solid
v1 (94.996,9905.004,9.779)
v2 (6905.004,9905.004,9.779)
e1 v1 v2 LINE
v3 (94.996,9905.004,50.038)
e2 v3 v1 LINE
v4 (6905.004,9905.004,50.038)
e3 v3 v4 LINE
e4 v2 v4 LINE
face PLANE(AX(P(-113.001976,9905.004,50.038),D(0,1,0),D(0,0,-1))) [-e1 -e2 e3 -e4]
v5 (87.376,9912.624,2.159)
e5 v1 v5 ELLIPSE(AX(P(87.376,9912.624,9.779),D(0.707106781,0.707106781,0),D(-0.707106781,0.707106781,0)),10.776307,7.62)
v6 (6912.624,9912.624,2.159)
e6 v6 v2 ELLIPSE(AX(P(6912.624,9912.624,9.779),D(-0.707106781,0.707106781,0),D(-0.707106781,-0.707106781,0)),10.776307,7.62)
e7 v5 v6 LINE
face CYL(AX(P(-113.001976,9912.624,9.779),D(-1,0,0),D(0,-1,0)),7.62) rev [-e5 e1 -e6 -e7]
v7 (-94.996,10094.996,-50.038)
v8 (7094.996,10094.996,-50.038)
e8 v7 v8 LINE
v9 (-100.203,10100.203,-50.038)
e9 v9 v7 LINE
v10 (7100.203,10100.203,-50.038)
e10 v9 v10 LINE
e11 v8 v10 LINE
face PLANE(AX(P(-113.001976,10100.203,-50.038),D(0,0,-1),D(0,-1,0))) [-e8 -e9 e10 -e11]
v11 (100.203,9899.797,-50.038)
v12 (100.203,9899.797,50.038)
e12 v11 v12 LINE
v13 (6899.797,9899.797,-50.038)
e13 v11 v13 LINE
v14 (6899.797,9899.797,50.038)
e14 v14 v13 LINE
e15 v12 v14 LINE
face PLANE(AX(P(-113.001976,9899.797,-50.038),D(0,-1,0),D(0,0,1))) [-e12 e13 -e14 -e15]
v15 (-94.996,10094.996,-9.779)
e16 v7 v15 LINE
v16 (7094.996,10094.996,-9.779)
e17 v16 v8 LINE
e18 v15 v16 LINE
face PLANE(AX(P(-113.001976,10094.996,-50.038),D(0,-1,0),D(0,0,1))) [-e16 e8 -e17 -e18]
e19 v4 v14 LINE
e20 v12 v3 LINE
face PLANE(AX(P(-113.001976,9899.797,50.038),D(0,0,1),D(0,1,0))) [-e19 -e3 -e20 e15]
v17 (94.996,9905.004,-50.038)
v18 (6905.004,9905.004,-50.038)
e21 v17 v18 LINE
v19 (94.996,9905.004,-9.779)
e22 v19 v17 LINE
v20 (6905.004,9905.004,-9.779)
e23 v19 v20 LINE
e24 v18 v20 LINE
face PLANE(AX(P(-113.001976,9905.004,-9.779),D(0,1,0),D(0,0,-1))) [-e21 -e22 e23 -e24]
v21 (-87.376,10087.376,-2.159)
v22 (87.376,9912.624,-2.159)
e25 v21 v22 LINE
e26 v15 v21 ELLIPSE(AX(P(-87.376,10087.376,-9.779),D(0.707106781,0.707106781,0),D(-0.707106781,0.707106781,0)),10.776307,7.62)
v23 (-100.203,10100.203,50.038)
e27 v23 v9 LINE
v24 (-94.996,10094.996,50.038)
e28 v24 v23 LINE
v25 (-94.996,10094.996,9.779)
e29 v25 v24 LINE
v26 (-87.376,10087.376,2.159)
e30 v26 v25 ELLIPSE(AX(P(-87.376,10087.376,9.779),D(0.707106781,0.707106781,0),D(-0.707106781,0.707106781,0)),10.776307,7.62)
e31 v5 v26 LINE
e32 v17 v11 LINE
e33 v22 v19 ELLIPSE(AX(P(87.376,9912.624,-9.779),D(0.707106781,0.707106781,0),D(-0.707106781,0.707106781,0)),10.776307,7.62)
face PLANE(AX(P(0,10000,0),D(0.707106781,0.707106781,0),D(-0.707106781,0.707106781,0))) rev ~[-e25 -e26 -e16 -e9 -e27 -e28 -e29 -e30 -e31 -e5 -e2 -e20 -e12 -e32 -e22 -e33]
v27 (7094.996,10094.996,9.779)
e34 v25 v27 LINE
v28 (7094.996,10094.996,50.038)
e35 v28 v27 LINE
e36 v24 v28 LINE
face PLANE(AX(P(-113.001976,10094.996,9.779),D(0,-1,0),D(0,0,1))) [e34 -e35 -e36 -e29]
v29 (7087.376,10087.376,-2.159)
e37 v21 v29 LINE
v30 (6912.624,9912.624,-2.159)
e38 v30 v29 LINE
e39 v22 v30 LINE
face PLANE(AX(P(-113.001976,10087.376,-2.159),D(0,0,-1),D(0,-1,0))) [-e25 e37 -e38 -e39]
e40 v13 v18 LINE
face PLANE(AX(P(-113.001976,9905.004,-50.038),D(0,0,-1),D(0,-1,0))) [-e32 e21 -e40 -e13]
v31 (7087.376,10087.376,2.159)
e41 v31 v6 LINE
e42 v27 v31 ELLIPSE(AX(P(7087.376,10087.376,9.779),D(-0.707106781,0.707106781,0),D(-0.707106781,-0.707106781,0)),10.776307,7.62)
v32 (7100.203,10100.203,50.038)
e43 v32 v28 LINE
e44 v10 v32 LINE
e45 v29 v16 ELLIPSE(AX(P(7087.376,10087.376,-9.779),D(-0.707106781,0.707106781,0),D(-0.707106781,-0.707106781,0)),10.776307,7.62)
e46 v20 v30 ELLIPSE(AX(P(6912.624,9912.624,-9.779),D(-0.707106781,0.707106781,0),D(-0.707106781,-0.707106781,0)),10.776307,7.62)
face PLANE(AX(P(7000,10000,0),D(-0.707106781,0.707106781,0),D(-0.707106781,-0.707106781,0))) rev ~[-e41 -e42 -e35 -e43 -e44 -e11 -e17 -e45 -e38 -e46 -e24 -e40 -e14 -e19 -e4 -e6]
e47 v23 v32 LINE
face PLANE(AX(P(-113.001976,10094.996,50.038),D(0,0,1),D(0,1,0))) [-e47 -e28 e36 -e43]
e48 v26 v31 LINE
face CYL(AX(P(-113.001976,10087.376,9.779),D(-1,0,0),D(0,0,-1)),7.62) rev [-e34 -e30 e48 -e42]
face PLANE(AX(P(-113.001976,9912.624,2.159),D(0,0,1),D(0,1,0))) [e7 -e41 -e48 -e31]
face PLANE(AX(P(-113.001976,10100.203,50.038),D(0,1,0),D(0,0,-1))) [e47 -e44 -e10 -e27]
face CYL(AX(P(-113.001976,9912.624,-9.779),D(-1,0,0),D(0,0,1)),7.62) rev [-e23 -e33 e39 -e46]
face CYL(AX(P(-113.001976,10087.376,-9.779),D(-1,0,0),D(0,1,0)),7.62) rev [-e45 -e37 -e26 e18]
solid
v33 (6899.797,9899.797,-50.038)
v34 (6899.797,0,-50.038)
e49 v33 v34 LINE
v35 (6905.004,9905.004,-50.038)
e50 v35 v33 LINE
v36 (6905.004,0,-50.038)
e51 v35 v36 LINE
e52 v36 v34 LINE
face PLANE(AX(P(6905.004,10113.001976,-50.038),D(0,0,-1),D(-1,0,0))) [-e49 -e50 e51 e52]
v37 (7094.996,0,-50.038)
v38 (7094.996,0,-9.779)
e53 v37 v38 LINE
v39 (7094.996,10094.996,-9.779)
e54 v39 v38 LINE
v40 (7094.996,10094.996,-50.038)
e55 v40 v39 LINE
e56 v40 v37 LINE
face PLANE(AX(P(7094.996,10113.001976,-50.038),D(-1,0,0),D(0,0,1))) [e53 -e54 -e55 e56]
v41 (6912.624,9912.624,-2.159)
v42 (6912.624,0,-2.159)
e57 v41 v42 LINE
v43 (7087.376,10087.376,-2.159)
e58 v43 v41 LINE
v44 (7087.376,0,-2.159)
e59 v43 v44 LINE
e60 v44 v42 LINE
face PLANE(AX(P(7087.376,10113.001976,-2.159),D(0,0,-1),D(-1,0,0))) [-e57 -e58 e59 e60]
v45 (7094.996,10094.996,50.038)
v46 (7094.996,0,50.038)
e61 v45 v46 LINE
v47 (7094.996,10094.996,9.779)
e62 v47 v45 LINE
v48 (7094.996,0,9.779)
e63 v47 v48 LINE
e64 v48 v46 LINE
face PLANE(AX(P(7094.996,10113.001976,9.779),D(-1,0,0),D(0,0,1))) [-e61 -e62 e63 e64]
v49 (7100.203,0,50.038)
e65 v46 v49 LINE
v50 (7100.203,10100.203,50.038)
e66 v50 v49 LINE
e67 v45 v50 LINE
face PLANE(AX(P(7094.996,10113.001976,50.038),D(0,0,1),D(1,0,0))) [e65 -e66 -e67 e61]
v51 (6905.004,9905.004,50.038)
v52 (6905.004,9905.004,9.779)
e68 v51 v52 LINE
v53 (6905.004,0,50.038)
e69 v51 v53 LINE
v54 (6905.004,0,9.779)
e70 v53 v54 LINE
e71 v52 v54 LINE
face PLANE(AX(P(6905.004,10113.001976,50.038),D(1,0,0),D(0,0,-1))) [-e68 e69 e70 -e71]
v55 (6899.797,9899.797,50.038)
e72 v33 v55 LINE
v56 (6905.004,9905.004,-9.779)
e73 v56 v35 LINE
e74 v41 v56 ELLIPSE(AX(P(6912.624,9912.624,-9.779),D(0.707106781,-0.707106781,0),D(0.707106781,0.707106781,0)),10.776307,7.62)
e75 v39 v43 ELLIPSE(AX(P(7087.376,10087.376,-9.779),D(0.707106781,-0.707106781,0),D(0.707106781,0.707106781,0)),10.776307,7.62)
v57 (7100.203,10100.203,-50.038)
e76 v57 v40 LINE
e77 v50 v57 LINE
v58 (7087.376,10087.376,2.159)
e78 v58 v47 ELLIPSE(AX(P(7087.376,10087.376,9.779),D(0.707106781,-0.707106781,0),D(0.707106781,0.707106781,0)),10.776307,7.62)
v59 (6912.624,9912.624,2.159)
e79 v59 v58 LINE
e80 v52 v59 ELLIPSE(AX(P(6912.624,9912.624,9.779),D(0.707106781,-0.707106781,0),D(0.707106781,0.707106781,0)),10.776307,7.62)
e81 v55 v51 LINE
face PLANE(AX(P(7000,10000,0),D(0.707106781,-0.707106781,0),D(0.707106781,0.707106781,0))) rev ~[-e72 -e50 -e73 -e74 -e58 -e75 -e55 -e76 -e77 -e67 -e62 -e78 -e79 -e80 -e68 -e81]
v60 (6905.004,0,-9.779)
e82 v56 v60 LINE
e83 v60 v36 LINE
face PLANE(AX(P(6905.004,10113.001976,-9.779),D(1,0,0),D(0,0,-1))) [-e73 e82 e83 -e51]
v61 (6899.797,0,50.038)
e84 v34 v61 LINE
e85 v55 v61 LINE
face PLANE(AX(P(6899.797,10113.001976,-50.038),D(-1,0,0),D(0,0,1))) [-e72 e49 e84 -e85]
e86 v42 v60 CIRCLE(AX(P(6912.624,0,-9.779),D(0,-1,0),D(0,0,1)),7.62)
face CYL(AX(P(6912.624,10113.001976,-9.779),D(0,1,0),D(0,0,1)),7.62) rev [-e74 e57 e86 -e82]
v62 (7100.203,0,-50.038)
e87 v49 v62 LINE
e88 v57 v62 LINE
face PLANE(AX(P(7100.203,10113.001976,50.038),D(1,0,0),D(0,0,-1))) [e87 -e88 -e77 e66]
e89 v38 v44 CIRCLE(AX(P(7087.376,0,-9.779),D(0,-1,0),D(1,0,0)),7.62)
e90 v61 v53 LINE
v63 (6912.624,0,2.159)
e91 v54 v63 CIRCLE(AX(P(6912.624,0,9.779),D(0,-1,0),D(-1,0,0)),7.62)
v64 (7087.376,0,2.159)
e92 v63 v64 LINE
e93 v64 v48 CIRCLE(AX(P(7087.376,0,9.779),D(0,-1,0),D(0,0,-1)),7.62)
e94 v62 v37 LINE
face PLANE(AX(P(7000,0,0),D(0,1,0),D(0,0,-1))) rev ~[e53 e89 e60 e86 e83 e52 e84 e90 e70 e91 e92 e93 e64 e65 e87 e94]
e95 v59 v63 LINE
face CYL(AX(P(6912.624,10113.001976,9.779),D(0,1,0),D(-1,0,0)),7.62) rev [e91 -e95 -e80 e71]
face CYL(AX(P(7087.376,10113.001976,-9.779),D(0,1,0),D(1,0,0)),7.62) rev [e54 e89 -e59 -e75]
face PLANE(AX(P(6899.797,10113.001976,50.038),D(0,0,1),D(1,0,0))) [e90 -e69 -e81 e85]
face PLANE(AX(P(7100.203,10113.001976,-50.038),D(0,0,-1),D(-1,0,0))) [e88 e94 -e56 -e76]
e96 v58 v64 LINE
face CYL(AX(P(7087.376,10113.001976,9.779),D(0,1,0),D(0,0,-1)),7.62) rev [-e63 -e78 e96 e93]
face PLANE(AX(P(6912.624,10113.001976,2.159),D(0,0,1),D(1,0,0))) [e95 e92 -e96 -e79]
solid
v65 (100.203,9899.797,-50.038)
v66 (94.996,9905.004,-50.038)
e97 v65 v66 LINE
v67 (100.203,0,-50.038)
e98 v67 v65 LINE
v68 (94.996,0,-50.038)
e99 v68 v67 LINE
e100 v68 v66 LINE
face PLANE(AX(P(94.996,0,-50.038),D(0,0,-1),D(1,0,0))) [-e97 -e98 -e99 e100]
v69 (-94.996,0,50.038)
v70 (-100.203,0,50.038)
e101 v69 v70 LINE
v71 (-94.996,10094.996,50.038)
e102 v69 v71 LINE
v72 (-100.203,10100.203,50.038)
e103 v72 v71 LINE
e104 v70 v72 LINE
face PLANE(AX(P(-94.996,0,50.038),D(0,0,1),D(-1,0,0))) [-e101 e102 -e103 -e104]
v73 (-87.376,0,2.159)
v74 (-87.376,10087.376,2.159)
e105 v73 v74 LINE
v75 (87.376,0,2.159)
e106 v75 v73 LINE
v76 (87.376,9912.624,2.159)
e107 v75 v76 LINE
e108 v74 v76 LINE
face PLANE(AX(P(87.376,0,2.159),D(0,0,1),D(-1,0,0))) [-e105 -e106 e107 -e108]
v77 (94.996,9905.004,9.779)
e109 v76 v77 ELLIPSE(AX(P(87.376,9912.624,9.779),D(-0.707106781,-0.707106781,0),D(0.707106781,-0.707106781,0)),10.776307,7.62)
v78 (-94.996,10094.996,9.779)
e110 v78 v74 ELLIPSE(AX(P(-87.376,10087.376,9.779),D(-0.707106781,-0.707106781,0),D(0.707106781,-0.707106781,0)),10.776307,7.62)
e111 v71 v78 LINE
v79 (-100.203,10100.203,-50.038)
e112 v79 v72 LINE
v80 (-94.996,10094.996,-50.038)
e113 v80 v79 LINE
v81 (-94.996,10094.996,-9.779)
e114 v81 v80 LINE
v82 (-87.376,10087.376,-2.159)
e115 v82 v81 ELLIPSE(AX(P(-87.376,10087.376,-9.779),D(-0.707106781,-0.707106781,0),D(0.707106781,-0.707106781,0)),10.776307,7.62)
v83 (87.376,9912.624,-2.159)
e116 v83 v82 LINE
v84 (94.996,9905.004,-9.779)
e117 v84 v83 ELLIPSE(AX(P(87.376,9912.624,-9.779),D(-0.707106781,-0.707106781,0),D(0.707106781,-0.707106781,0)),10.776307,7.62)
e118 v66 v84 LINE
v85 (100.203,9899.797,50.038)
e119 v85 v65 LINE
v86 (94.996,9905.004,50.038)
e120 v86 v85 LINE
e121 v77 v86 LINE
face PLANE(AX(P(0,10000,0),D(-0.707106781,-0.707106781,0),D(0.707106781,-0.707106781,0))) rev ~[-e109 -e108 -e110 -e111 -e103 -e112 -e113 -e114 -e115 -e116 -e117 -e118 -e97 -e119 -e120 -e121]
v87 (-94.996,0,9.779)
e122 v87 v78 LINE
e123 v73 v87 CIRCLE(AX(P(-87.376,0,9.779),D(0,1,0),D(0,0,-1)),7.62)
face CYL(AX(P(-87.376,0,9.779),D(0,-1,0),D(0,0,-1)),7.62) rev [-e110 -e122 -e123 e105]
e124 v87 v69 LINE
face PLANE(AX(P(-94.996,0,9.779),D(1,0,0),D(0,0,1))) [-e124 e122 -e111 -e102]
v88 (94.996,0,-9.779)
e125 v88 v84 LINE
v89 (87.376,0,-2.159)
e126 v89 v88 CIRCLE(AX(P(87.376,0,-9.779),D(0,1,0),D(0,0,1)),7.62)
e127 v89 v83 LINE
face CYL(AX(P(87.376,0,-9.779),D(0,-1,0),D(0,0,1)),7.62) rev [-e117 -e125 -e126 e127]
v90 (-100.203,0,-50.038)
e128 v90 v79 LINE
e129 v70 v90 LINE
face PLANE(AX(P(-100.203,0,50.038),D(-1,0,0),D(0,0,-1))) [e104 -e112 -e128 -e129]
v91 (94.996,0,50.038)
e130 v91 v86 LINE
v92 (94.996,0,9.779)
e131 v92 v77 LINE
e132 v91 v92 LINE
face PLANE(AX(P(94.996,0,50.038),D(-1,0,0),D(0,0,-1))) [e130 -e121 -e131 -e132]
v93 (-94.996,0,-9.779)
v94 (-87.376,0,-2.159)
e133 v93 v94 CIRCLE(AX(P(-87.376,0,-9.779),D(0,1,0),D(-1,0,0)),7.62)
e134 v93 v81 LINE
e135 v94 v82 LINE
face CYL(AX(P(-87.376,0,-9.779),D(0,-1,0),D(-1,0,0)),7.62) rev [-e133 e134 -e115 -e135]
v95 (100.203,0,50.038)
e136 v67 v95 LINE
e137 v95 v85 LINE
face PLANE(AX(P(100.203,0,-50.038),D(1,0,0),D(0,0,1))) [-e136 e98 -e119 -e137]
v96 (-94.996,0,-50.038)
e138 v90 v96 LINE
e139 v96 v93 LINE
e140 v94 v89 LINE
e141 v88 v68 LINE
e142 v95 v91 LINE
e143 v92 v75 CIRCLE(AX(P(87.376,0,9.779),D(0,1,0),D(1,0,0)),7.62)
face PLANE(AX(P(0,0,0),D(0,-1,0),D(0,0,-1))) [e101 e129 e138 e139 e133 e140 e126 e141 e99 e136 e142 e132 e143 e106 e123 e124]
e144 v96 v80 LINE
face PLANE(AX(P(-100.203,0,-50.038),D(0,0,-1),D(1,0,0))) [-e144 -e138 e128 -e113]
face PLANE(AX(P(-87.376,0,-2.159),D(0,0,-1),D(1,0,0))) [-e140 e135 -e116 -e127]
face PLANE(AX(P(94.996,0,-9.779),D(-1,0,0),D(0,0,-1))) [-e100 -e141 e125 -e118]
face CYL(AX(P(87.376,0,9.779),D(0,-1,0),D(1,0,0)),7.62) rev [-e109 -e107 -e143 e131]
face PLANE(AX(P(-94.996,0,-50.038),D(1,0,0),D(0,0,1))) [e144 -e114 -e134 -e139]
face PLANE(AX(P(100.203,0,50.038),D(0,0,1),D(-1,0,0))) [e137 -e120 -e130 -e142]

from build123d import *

# Parameters (mm, degrees)
W_SECTION_W8X10_1_DEPTH   = 10113.001976112
W_SECTION_W8X10_1_2_DEPTH = 7226.003952224
W_SECTION_W8X10_1_3_DEPTH = 10113.001976113


with BuildPart() as part:
    # Sketch11 → W section W8X10(1) (new body)
    with BuildSketch(Plane.ZX):
        with BuildLine():
            Line((-50.038, -100.203), (-50.038, -94.996))
            Line((-50.038, -94.996), (-9.779, -94.996))
            ThreePointArc((-9.779, -94.996), (-4.390846327, -92.764153673), (-2.159, -87.376))
            Line((-2.159, -87.376), (-2.159, 87.376))
            ThreePointArc((-2.159, 87.376), (-4.390846327, 92.764153673), (-9.779, 94.996))
            Line((-9.779, 94.996), (-50.038, 94.996))
            Line((-50.038, 94.996), (-50.038, 100.203))
            Line((-50.038, 100.203), (50.038, 100.203))
            Line((50.038, 100.203), (50.038, 94.996))
            Line((50.038, 94.996), (9.779, 94.996))
            ThreePointArc((9.779, 94.996), (4.390846327, 92.764153673), (2.159, 87.376))
            Line((2.159, 87.376), (2.159, -87.376))
            ThreePointArc((2.159, -87.376), (4.390846327, -92.764153673), (9.779, -94.996))
            Line((9.779, -94.996), (50.038, -94.996))
            Line((50.038, -94.996), (50.038, -100.203))
            Line((50.038, -100.203), (-50.038, -100.203))
        make_face()
    extrude(amount=W_SECTION_W8X10_1_DEPTH)

    # W section W8X10(1) mitre 1
    split(bisect_by=Plane(origin=(0, 10000, 0), x_dir=(0.707106781, -0.707106781, 0), z_dir=(-0.707106781, -0.707106781, 0)), keep=Keep.TOP)


with BuildPart() as body_2:
    # Sketch11 on segment 2 (carried to segment 2) → W section W8X10_1 2 (new body)
    with BuildSketch(Plane(origin=(-113.001976112, 10000, 0), x_dir=(0, 0, 1), z_dir=(1, 0, 0))):
        with BuildLine():
            Line((-50.038, -100.203), (-50.038, -94.996))
            Line((-50.038, -94.996), (-9.779, -94.996))
            ThreePointArc((-9.779, -94.996), (-4.390846327, -92.764153673), (-2.159, -87.376))
            Line((-2.159, -87.376), (-2.159, 87.376))
            ThreePointArc((-2.159, 87.376), (-4.390846327, 92.764153673), (-9.779, 94.996))
            Line((-9.779, 94.996), (-50.038, 94.996))
            Line((-50.038, 94.996), (-50.038, 100.203))
            Line((-50.038, 100.203), (50.038, 100.203))
            Line((50.038, 100.203), (50.038, 94.996))
            Line((50.038, 94.996), (9.779, 94.996))
            ThreePointArc((9.779, 94.996), (4.390846327, 92.764153673), (2.159, 87.376))
            Line((2.159, 87.376), (2.159, -87.376))
            ThreePointArc((2.159, -87.376), (4.390846327, -92.764153673), (9.779, -94.996))
            Line((9.779, -94.996), (50.038, -94.996))
            Line((50.038, -94.996), (50.038, -100.203))
            Line((50.038, -100.203), (-50.038, -100.203))
        make_face()
    extrude(amount=W_SECTION_W8X10_1_2_DEPTH)

    # W section W8X10_1 2 mitre 1
    split(bisect_by=Plane(origin=(0, 10000, 0), x_dir=(-0.707106781, 0.707106781, 0), z_dir=(0.707106781, 0.707106781, 0)), keep=Keep.TOP)

    # W section W8X10_1 2 mitre 2
    split(bisect_by=Plane(origin=(7000, 10000, 0), x_dir=(-0.707106781, -0.707106781, 0), z_dir=(-0.707106781, 0.707106781, 0)), keep=Keep.TOP)


with BuildPart() as body_3:
    # Sketch11 on segment 3 (carried to segment 3) → W section W8X10_1 3 (new body)
    with BuildSketch(Plane(origin=(7000, 10113.001976112, 0), x_dir=(0, 0, 1), z_dir=(0, -1, 0))):
        with BuildLine():
            Line((-50.038, -100.203), (-50.038, -94.996))
            Line((-50.038, -94.996), (-9.779, -94.996))
            ThreePointArc((-9.779, -94.996), (-4.390846327, -92.764153673), (-2.159, -87.376))
            Line((-2.159, -87.376), (-2.159, 87.376))
            ThreePointArc((-2.159, 87.376), (-4.390846327, 92.764153673), (-9.779, 94.996))
            Line((-9.779, 94.996), (-50.038, 94.996))
            Line((-50.038, 94.996), (-50.038, 100.203))
            Line((-50.038, 100.203), (50.038, 100.203))
            Line((50.038, 100.203), (50.038, 94.996))
            Line((50.038, 94.996), (9.779, 94.996))
            ThreePointArc((9.779, 94.996), (4.390846327, 92.764153673), (2.159, 87.376))
            Line((2.159, 87.376), (2.159, -87.376))
            ThreePointArc((2.159, -87.376), (4.390846327, -92.764153673), (9.779, -94.996))
            Line((9.779, -94.996), (50.038, -94.996))
            Line((50.038, -94.996), (50.038, -100.203))
            Line((50.038, -100.203), (-50.038, -100.203))
        make_face()
    extrude(amount=W_SECTION_W8X10_1_3_DEPTH)

    # W section W8X10_1 3 mitre 1
    split(bisect_by=Plane(origin=(7000, 10000, 0), x_dir=(0.707106781, 0.707106781, 0), z_dir=(0.707106781, -0.707106781, 0)), keep=Keep.TOP)


solid = Compound([part.part, body_2.part, body_3.part])
